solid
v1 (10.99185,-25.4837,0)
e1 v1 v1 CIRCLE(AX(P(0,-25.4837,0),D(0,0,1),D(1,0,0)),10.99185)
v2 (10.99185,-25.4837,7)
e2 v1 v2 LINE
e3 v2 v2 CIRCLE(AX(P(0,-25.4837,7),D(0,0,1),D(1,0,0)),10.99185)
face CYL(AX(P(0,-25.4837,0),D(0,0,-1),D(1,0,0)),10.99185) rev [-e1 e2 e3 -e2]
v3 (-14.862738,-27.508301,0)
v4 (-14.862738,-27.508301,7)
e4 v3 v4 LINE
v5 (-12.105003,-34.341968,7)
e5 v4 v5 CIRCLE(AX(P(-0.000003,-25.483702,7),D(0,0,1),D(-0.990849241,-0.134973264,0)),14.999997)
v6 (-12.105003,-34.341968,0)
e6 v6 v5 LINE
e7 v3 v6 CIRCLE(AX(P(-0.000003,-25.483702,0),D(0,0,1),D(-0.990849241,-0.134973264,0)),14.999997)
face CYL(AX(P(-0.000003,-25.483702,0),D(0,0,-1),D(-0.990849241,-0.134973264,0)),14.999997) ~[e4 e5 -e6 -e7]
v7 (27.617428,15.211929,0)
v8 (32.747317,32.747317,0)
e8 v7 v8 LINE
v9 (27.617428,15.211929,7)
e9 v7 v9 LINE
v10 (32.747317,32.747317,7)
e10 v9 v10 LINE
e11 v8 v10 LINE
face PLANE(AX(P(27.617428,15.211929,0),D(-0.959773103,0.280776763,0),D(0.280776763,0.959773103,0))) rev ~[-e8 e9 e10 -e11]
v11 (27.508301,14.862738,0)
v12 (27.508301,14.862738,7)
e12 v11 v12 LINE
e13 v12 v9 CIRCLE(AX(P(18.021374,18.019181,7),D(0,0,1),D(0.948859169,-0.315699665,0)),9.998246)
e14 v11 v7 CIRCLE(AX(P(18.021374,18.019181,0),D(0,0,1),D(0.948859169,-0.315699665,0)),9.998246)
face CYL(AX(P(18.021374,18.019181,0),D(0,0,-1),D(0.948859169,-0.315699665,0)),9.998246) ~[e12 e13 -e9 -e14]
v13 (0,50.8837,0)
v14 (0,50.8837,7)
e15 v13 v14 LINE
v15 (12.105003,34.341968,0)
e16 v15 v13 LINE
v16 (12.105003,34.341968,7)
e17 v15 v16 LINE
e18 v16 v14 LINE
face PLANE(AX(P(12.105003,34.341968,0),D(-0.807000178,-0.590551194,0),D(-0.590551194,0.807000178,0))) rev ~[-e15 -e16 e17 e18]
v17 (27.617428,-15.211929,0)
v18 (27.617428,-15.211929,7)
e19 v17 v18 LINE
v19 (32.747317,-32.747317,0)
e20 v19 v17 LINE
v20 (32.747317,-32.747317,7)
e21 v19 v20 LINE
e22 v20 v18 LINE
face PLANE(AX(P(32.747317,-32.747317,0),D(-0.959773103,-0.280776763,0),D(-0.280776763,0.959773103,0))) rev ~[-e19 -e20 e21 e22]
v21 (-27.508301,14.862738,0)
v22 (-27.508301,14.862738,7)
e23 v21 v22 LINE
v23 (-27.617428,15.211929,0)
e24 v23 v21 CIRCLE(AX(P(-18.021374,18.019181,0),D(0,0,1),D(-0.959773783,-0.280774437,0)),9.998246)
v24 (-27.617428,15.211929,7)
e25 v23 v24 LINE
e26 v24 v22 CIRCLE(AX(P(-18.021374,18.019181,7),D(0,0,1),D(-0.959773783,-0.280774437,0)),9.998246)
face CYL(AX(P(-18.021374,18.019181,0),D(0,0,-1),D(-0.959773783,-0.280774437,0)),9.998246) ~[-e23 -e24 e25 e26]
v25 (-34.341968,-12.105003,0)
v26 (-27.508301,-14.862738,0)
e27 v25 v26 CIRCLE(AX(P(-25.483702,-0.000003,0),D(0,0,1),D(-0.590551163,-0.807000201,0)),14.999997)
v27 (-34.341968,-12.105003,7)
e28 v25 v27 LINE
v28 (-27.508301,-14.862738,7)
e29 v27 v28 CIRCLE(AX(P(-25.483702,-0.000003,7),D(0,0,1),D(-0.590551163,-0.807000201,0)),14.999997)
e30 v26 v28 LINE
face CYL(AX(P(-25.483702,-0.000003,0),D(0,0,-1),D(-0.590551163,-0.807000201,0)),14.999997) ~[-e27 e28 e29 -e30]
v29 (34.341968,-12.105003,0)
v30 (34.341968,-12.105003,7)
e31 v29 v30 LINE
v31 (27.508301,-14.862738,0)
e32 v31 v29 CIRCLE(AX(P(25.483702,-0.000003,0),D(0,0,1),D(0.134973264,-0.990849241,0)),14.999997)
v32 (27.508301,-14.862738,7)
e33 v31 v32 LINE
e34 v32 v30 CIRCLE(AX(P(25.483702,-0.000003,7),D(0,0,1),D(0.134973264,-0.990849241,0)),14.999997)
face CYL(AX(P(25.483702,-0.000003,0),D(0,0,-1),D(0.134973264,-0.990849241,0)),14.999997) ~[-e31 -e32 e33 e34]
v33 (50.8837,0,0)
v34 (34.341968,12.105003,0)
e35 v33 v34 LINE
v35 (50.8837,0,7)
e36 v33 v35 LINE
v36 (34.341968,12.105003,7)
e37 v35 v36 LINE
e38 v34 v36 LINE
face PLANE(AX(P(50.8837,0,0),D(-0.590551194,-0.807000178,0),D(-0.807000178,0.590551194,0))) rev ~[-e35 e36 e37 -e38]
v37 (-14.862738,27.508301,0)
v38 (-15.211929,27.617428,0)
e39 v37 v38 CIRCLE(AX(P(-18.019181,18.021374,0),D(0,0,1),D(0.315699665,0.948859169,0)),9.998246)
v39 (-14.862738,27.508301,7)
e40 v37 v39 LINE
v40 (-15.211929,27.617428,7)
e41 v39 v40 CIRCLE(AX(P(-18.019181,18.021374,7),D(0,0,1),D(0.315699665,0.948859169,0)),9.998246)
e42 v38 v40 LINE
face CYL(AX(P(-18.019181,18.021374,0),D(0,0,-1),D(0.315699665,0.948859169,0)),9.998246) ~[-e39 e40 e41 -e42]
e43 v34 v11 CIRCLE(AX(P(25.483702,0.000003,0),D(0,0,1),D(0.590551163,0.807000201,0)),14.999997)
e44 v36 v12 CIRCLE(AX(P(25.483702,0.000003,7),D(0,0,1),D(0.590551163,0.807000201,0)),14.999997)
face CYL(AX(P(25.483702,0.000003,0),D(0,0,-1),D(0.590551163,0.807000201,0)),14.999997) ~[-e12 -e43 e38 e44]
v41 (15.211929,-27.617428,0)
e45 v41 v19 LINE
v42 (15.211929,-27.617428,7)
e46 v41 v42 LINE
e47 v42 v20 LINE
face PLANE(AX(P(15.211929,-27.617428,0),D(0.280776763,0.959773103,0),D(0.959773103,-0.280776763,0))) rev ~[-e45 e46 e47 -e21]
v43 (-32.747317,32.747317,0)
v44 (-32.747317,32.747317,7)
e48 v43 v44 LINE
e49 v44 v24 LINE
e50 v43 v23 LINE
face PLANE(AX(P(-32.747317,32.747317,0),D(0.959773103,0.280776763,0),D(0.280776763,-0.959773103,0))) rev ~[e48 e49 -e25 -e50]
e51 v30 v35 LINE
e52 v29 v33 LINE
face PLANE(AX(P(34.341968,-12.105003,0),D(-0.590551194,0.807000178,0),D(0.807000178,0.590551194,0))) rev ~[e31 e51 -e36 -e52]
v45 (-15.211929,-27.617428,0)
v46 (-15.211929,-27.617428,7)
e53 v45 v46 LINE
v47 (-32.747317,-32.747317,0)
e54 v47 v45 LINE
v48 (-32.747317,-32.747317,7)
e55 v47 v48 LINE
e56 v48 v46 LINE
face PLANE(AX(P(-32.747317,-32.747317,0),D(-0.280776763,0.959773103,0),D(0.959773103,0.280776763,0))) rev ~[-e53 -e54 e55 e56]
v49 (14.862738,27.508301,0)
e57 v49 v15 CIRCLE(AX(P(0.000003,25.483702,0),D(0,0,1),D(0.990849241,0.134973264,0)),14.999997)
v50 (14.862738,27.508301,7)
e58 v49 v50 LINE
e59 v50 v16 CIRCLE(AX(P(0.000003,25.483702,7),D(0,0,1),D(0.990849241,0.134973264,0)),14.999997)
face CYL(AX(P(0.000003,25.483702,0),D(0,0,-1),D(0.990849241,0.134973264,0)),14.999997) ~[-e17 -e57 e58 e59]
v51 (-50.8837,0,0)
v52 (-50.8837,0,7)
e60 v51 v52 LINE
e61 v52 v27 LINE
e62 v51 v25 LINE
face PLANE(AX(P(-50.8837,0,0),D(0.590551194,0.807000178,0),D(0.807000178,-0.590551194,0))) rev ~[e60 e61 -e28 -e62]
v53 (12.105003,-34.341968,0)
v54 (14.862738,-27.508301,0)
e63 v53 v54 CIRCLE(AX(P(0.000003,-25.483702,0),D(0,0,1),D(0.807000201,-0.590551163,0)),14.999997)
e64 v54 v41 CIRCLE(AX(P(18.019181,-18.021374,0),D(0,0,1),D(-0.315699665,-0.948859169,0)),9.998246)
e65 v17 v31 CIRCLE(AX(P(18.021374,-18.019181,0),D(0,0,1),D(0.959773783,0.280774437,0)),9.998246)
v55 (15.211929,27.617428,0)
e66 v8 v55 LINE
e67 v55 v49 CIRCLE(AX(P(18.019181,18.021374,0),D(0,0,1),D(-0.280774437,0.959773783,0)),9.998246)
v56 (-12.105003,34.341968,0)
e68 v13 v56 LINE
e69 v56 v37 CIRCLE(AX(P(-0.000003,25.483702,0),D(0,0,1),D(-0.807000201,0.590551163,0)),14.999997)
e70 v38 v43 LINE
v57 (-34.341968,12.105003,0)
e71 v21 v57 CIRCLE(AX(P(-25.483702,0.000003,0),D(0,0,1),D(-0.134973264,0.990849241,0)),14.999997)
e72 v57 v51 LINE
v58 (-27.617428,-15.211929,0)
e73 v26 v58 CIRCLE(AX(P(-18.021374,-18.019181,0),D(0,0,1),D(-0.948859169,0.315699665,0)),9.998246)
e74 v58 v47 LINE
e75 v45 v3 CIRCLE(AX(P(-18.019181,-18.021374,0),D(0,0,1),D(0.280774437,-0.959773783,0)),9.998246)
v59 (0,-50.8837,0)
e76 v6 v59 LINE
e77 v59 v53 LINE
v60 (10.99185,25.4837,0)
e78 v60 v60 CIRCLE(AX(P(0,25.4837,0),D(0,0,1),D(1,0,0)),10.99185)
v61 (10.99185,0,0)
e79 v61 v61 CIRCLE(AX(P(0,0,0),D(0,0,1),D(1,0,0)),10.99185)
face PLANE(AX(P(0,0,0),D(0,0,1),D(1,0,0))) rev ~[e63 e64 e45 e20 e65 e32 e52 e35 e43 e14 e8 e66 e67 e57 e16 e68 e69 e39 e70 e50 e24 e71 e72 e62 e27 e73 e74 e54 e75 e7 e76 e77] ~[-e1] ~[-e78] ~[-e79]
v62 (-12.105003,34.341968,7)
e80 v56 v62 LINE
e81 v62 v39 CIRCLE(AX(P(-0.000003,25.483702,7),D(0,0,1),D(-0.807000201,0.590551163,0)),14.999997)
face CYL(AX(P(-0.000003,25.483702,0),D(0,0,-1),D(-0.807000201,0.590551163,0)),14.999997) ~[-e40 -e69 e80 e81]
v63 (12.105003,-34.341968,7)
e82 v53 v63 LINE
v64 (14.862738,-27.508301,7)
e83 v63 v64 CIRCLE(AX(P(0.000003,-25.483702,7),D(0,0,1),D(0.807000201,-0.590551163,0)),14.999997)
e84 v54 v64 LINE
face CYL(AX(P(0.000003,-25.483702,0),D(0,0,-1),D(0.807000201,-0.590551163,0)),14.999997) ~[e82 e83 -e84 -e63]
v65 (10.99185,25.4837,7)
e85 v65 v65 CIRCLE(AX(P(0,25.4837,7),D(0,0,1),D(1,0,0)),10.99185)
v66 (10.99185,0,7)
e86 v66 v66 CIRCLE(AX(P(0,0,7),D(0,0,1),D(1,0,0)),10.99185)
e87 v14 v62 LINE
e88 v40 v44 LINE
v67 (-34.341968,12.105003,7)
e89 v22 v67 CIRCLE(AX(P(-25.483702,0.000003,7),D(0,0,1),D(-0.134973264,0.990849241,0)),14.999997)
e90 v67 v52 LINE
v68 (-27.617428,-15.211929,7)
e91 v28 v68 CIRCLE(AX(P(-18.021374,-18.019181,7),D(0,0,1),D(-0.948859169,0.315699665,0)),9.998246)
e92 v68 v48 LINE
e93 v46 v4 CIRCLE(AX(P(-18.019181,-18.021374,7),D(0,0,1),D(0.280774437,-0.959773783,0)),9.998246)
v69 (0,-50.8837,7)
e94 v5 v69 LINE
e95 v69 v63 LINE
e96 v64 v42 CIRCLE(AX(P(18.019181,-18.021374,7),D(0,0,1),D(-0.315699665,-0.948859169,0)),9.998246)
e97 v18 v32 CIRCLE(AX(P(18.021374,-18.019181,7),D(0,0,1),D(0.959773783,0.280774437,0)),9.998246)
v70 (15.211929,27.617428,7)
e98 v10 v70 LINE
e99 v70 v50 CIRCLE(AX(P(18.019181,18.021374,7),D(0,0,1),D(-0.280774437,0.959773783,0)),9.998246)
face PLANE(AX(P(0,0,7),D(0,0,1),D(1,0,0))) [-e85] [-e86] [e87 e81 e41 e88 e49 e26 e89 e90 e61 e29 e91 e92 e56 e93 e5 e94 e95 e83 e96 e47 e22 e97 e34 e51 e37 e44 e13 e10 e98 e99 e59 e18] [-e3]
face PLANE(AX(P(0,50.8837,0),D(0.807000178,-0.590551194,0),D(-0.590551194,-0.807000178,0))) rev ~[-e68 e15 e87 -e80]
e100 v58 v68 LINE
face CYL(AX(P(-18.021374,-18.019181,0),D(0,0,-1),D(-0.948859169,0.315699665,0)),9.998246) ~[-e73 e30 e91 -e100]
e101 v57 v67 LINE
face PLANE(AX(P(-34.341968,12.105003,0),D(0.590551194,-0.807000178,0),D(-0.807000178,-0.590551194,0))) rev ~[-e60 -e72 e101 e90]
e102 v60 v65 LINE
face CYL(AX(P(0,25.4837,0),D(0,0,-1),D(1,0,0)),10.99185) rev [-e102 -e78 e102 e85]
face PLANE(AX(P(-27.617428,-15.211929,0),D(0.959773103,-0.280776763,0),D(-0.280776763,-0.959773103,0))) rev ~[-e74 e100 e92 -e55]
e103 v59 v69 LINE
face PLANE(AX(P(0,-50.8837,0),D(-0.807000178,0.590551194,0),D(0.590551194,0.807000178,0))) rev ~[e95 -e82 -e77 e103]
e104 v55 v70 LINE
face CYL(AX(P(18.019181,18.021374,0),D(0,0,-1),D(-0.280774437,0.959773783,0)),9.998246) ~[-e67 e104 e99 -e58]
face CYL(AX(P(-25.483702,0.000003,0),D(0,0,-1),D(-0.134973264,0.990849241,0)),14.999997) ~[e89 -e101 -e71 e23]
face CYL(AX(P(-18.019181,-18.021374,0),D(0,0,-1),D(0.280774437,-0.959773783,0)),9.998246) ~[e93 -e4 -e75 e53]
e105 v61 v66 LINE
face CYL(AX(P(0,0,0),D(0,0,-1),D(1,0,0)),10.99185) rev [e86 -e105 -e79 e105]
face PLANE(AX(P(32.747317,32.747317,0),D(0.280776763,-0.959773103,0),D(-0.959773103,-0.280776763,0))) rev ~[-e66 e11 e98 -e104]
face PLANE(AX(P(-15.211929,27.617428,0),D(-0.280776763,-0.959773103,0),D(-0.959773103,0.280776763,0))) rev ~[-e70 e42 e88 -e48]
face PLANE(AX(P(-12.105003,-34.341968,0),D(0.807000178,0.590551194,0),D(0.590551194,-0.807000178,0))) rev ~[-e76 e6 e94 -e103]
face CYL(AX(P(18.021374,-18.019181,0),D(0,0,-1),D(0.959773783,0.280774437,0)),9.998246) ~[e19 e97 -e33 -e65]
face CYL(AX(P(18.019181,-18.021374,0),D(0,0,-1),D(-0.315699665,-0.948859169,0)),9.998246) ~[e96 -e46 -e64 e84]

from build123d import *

# Parameters (mm, degrees)
F1_R     = 10.99185
F2_DEPTH = 7


with BuildPart() as f2:
    # F1 (on Top) → F2 (new body)
    with BuildSketch(Plane.XY):
        with BuildLine():
            ThreePointArc((15.211929, 27.617428), (15.036835, 27.564462), (14.862738, 27.508301))
            ThreePointArc((14.862738, 27.508301), (13.910051, 31.09712), (12.105003, 34.341968))
            Line((12.105003, 34.341968), (0, 50.8837))
            Line((0, 50.8837), (-12.105003, 34.341968))
            ThreePointArc((-12.105003, 34.341968), (-13.910051, 31.09712), (-14.862738, 27.508301))
            ThreePointArc((-14.862738, 27.508301), (-15.036835, 27.564462), (-15.211929, 27.617428))
            Line((-15.211929, 27.617428), (-32.747317, 32.747317))
            Line((-32.747317, 32.747317), (-27.617428, 15.211929))
            ThreePointArc((-27.617428, 15.211929), (-27.564462, 15.036835), (-27.508301, 14.862738))
            ThreePointArc((-27.508301, 14.862738), (-31.09712, 13.910051), (-34.341968, 12.105003))
            Line((-34.341968, 12.105003), (-50.8837, 0))
            Line((-50.8837, 0), (-34.341968, -12.105003))
            ThreePointArc((-34.341968, -12.105003), (-31.09712, -13.910051), (-27.508301, -14.862738))
            ThreePointArc((-27.508301, -14.862738), (-27.564462, -15.036835), (-27.617428, -15.211929))
            Line((-27.617428, -15.211929), (-32.747317, -32.747317))
            Line((-32.747317, -32.747317), (-15.211929, -27.617428))
            ThreePointArc((-15.211929, -27.617428), (-15.036835, -27.564462), (-14.862738, -27.508301))
            ThreePointArc((-14.862738, -27.508301), (-13.910051, -31.09712), (-12.105003, -34.341968))
            Line((-12.105003, -34.341968), (0, -50.8837))
            Line((0, -50.8837), (12.105003, -34.341968))
            ThreePointArc((12.105003, -34.341968), (13.910051, -31.09712), (14.862738, -27.508301))
            ThreePointArc((14.862738, -27.508301), (15.036835, -27.564462), (15.211929, -27.617428))
            Line((15.211929, -27.617428), (32.747317, -32.747317))
            Line((32.747317, -32.747317), (27.617428, -15.211929))
            ThreePointArc((27.617428, -15.211929), (27.564462, -15.036835), (27.508301, -14.862738))
            ThreePointArc((27.508301, -14.862738), (31.09712, -13.910051), (34.341968, -12.105003))
            Line((34.341968, -12.105003), (50.8837, 0))
            Line((50.8837, 0), (34.341968, 12.105003))
            ThreePointArc((34.341968, 12.105003), (31.09712, 13.910051), (27.508301, 14.862738))
            ThreePointArc((27.508301, 14.862738), (27.564462, 15.036835), (27.617428, 15.211929))
            Line((27.617428, 15.211929), (32.747317, 32.747317))
            Line((32.747317, 32.747317), (15.211929, 27.617428))
        make_face()
        with Locations((0, -25.4837)):
            Circle(F1_R, mode=Mode.SUBTRACT)
        Circle(F1_R, mode=Mode.SUBTRACT)
        with Locations((0, 25.4837)):
            Circle(F1_R, mode=Mode.SUBTRACT)
    extrude(amount=F2_DEPTH)


solid = f2.part
